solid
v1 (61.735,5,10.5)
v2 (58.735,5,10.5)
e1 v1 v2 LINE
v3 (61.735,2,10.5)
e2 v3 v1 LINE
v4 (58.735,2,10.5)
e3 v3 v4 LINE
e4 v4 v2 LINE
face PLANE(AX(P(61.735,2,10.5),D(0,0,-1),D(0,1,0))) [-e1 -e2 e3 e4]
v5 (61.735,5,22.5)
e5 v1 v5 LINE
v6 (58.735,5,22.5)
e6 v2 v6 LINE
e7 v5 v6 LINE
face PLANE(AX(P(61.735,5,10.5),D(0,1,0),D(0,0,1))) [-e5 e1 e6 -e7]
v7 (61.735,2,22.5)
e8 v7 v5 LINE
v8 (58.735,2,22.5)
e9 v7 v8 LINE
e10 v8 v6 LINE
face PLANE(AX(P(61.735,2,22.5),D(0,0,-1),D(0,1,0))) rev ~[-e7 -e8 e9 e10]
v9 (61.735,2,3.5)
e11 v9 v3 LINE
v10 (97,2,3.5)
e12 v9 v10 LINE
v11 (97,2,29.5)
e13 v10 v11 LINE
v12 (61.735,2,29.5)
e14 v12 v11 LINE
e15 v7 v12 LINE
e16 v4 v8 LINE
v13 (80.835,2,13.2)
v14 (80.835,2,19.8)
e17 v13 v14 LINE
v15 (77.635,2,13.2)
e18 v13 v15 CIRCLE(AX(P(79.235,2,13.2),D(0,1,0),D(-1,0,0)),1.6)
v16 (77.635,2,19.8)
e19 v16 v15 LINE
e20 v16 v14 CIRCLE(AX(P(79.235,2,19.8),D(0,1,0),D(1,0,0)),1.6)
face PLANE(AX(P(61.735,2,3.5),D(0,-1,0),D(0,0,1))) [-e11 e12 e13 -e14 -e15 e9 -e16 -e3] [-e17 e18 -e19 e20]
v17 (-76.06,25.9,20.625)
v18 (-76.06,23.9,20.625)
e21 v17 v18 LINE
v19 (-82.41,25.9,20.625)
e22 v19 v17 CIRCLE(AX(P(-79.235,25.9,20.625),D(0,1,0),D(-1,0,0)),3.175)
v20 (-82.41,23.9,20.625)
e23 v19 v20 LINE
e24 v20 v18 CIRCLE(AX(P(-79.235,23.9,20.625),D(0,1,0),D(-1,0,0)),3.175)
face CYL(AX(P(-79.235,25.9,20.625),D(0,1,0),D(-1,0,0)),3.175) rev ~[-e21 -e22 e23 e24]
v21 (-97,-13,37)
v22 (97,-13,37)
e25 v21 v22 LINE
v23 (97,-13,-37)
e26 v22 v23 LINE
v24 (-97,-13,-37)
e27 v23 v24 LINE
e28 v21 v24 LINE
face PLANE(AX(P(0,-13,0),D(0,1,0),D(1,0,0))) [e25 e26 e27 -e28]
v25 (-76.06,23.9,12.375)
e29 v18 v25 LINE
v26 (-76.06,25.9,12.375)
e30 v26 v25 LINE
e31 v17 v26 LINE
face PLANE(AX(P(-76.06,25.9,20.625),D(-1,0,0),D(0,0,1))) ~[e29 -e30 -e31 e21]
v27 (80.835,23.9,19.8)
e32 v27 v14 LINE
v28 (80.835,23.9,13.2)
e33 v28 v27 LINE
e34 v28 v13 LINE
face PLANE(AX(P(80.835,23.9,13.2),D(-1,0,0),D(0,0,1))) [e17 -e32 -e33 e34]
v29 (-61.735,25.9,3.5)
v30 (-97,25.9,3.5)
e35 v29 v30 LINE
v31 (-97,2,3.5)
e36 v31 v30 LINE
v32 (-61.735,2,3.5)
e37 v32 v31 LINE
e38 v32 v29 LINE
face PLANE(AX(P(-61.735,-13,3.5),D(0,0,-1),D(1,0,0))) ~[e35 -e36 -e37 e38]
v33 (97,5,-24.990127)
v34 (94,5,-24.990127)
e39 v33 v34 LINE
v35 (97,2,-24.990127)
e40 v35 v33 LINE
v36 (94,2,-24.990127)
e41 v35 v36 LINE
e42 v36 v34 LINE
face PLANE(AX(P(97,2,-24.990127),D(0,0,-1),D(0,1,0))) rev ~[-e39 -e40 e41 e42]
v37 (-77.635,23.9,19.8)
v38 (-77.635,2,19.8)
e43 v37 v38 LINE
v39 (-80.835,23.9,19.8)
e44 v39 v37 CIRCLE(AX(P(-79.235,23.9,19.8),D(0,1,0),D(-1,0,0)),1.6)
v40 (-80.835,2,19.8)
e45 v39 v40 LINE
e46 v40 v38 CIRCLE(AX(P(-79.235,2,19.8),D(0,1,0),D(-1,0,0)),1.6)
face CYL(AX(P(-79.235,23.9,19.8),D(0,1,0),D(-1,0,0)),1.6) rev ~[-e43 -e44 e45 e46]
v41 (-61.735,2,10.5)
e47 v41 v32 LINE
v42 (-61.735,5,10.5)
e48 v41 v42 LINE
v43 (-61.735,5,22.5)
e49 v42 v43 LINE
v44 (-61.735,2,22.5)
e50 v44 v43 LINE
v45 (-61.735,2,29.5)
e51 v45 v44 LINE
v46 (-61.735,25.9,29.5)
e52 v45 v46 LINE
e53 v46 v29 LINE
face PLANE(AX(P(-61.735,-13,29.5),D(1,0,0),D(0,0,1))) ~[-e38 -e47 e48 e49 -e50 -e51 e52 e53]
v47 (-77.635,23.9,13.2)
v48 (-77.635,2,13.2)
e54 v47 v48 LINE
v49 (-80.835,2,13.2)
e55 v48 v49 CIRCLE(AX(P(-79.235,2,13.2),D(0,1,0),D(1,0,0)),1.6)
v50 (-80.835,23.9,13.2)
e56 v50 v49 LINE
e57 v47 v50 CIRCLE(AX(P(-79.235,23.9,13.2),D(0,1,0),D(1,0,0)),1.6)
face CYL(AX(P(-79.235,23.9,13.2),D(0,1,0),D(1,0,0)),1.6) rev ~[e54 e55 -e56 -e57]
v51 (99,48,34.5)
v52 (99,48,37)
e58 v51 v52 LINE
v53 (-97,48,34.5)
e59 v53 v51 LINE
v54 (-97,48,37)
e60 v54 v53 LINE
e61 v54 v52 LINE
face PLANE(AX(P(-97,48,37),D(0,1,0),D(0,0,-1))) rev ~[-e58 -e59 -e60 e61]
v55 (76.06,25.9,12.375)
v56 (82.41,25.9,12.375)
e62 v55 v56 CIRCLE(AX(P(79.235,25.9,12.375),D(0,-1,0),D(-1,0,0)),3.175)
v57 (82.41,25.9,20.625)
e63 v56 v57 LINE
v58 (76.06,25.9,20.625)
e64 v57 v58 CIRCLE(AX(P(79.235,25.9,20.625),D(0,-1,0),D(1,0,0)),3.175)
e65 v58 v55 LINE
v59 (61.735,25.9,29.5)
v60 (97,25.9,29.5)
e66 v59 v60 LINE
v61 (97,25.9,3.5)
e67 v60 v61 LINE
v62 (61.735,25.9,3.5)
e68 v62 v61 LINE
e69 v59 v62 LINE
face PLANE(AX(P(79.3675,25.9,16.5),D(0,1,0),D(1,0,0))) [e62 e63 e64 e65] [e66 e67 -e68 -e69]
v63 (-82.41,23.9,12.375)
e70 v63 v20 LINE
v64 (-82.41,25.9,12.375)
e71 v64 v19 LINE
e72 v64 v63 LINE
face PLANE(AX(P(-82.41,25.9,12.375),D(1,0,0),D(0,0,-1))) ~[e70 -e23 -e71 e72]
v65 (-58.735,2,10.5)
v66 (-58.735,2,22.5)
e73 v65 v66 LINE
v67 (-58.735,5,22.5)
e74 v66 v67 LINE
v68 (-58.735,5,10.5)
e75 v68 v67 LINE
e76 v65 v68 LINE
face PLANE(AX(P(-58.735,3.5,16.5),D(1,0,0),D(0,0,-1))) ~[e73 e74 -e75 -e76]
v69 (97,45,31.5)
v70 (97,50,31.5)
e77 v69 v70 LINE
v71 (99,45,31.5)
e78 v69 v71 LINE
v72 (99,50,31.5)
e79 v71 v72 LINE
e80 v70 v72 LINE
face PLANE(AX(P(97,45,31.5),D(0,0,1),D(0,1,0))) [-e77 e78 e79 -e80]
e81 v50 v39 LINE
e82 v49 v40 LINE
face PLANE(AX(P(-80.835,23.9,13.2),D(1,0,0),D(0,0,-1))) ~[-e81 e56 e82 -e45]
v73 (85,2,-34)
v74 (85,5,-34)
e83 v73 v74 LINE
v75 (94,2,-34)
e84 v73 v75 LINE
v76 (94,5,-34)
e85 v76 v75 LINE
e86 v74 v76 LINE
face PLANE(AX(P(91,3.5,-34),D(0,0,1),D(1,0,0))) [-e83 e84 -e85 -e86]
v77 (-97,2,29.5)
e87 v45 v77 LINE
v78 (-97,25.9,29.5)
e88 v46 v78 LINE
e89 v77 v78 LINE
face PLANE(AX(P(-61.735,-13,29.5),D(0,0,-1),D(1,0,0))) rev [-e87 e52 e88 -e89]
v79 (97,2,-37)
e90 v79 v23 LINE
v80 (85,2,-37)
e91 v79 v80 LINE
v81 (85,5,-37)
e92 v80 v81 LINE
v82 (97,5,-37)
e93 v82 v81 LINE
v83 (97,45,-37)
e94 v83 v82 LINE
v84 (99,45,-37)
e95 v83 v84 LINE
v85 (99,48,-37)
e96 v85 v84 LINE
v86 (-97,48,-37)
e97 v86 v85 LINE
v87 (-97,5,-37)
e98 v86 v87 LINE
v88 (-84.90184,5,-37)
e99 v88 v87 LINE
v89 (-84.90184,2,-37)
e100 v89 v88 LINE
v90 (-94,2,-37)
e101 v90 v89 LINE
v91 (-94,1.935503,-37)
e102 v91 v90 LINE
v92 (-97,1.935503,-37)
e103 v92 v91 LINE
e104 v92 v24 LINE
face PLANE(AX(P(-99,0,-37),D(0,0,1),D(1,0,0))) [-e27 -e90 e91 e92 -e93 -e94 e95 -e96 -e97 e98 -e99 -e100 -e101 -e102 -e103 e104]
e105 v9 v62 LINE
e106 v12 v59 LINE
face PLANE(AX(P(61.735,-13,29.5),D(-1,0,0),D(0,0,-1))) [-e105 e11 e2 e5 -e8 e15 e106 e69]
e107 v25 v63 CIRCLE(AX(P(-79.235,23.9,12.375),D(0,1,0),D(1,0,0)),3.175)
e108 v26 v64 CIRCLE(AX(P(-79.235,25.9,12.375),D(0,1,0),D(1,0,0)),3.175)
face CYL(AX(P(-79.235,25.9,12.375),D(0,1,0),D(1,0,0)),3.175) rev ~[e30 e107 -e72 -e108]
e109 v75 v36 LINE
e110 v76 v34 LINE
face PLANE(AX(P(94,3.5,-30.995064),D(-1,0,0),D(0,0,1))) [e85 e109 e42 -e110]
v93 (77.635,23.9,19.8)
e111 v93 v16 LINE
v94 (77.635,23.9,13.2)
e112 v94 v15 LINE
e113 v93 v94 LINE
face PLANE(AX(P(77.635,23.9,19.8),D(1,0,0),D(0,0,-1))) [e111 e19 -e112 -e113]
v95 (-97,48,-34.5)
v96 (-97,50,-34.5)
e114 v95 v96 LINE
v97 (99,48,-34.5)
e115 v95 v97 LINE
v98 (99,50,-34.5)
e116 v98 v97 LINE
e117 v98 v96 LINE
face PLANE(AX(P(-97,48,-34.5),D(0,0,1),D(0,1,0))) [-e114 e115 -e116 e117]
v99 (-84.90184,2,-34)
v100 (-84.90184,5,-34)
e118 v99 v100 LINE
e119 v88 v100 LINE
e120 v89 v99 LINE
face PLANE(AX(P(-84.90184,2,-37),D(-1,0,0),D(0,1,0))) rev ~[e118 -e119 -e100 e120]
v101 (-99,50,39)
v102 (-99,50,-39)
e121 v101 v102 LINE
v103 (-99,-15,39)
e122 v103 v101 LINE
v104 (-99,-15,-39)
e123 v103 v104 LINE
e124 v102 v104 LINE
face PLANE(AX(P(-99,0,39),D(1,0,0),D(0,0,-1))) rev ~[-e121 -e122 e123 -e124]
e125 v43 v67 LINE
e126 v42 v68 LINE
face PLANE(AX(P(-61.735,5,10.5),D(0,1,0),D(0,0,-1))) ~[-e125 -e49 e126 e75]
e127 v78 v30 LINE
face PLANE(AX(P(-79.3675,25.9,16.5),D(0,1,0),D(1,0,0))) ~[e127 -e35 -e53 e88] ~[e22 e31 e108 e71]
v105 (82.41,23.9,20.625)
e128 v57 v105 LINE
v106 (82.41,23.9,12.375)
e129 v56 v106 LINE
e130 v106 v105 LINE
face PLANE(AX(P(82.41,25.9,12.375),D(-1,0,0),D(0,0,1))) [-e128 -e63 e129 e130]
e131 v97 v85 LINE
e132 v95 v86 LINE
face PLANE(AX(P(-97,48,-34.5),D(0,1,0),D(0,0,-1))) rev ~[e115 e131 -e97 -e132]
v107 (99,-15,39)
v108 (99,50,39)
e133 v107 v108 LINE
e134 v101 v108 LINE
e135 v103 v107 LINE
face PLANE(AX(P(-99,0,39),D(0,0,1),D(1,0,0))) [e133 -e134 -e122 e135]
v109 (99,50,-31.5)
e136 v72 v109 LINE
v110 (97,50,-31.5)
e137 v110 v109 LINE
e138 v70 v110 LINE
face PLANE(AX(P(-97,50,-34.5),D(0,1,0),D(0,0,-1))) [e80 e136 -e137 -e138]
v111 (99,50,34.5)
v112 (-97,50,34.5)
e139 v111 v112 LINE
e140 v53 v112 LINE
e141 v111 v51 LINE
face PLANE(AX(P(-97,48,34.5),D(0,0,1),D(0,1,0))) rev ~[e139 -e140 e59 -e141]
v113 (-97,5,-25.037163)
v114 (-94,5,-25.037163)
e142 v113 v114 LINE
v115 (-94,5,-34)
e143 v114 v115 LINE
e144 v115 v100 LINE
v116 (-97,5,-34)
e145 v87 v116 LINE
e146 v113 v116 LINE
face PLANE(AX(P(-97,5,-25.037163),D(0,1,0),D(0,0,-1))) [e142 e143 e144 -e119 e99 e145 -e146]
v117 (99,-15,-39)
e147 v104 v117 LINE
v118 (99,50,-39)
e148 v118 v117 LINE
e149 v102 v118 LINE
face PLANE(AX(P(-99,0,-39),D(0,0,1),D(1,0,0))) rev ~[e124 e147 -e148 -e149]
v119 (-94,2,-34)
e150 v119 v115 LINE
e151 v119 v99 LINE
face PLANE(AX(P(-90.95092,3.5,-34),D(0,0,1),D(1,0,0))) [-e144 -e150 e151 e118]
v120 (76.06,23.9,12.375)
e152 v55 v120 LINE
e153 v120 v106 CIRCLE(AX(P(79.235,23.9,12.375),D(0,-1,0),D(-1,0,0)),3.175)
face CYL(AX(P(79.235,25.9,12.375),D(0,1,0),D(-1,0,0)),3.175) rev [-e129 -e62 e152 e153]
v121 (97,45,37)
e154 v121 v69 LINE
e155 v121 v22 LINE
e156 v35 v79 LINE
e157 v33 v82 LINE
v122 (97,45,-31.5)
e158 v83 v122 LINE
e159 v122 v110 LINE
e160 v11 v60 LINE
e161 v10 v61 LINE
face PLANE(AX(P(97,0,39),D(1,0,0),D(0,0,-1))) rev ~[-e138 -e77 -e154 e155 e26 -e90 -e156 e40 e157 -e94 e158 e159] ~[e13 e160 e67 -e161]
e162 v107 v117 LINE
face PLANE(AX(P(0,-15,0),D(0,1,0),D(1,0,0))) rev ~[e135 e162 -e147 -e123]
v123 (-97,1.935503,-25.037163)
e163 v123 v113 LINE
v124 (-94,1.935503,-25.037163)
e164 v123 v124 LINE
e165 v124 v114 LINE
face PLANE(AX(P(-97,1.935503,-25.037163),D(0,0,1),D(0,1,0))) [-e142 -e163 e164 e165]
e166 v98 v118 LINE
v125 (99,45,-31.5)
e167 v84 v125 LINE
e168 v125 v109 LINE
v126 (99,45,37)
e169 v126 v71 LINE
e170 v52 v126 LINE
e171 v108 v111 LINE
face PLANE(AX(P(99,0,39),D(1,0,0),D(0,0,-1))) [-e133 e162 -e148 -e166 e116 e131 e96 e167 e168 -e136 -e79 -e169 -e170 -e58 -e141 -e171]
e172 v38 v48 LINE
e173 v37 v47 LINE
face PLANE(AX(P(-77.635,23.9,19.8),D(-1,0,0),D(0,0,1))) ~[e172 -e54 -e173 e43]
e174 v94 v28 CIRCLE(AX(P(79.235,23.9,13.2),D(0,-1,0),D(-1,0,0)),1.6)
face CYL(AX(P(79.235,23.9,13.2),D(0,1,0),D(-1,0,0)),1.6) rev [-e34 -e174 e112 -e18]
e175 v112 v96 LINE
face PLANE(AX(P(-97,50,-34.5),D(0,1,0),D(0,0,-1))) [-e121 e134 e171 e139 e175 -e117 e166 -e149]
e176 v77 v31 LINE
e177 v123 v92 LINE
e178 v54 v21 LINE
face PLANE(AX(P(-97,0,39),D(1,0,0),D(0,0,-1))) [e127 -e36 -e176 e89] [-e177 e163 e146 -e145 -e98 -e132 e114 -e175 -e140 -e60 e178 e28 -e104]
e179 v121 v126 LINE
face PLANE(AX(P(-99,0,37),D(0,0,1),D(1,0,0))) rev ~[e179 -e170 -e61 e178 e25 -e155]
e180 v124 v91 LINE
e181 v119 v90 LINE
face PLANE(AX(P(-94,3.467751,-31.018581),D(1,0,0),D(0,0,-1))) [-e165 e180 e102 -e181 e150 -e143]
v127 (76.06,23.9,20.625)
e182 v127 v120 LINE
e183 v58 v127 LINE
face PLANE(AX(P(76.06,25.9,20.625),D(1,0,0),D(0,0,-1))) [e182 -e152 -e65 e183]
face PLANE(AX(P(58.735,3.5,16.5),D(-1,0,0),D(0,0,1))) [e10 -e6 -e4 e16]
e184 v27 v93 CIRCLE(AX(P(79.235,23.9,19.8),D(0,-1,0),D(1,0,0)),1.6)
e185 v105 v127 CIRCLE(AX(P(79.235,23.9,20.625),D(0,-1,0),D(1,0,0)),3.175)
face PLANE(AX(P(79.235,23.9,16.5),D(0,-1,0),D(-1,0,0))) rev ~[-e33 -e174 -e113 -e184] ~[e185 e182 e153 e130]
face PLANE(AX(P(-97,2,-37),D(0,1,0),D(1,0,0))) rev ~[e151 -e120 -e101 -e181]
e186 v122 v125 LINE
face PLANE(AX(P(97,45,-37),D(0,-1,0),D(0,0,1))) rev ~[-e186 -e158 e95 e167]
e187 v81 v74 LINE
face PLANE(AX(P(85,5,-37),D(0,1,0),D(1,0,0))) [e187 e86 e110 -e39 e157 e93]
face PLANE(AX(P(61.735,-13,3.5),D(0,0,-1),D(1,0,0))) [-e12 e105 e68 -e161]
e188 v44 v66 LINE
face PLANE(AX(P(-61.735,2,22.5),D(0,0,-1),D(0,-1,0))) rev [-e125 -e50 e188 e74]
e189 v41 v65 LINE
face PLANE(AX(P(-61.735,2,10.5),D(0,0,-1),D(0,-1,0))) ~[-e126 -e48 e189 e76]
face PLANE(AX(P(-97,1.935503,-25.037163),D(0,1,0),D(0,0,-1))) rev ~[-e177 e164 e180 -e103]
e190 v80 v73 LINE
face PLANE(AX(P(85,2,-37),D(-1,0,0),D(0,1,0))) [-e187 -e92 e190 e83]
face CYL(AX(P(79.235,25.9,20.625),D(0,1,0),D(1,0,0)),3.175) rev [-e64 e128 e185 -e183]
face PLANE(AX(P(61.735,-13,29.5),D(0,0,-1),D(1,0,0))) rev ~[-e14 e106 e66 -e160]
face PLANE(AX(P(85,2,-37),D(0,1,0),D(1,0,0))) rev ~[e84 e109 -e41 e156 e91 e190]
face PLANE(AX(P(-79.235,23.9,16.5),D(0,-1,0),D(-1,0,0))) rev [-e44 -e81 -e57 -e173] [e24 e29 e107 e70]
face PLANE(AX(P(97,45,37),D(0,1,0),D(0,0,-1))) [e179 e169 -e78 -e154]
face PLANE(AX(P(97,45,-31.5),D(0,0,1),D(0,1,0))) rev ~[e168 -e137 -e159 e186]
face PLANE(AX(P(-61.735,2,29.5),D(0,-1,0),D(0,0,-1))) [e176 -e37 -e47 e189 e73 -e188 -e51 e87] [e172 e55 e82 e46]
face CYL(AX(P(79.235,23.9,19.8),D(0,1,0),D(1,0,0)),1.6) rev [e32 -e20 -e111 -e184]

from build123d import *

# Parameters (mm, degrees)
SKETCH2_W                = 198
SKETCH2_H                = 78
BOSS_EXTRUDE1_DEPTH      = 50
BOSS_EXTRUDE1_DEPTH_BACK = 15
SHELL1_T                 = -2
BOSS_EXTRUDE2_REACH      = 198
SKETCH3_W                = 2.5
SKETCH3_H                = 2
CUT_EXTRUDE1_REACH       = 4
CROQUIS1_W               = 35.265
CROQUIS1_H               = 26
SALIENTE_EXTRUIR1_DEPTH  = 38.9
CORTAR_EXTRUIR1_DEPTH    = 2
CORTAR_EXTRUIR2_DEPTH    = 30
CROQUIS5_W               = 26
CROQUIS5_H               = 15
CORTAR_EXTRUIR3_DEPTH    = 35.265
CROQUIS6_W               = 12
CROQUIS6_H               = 3
SALIENTE_EXTRUIR2_DEPTH  = 3
CROQUIS7_W               = 26
CROQUIS7_H               = 15
CORTAR_EXTRUIR4_DEPTH    = 35.265
CROQUIS8_W               = 12
CROQUIS8_H               = 3
SALIENTE_EXTRUIR4_DEPTH  = 3
CROQUIS10_W              = 12.009872988
CROQUIS10_H              = 3
SALIENTE_EXTRUIR5_DEPTH  = 3
CROQUIS11_W              = 12.098159715
CROQUIS11_H              = 3
SALIENTE_EXTRUIR6_DEPTH  = 3
CROQUIS12_W              = 11.962837464
CROQUIS12_H              = 3.064497362
SALIENTE_EXTRUIR7_DEPTH  = 3


with BuildPart() as part:
    # Sketch2 → Boss-Extrude1 (new body, two sides)
    with BuildSketch(Plane(origin=(0, 0, 0), x_dir=(1, 0, 0), z_dir=(0, 1, 0))) as boss_extrude1_sk:
        Rectangle(SKETCH2_W, SKETCH2_H)
    extrude(amount=BOSS_EXTRUDE1_DEPTH)
    extrude(boss_extrude1_sk.sketch, amount=-BOSS_EXTRUDE1_DEPTH_BACK)

    # Shell1
    shell1_openings = [part.faces().sort_by_distance(p)[0] for p in [
        (0, 50, 0),
    ]]
    offset(amount=SHELL1_T, openings=shell1_openings, kind=Kind.INTERSECTION)

    # Sketch3 → Boss-Extrude2 (add, up to next)
    with BuildSketch(Plane(origin=(-97, 0, 0), x_dir=(0, 0, -1), z_dir=(1, 0, 0)), mode=Mode.PRIVATE) as boss_extrude2_sk1:
        with Locations((-35.75, 49)):
            Rectangle(SKETCH3_W, SKETCH3_H)
    boss_extrude2_tool1 = extrude(boss_extrude2_sk1.sketch, amount=BOSS_EXTRUDE2_REACH, mode=Mode.PRIVATE) - part.part
    add(boss_extrude2_tool1.solids().sort_by_distance((-97, 49, 35.75))[0])
    # Sketch3 → Boss-Extrude2 (add, up to next)
    with BuildSketch(Plane(origin=(-97, 0, 0), x_dir=(0, 0, -1), z_dir=(1, 0, 0)), mode=Mode.PRIVATE) as boss_extrude2_sk2:
        with Locations((35.75, 49)):
            Rectangle(SKETCH3_W, SKETCH3_H)
    boss_extrude2_tool2 = extrude(boss_extrude2_sk2.sketch, amount=BOSS_EXTRUDE2_REACH, mode=Mode.PRIVATE) - part.part
    add(boss_extrude2_tool2.solids().sort_by_distance((-97, 49, -35.75))[0])

    # Sketch4 → Cut-Extrude1 (cut, up to next)
    with BuildSketch(Plane.ZY.offset(-97), mode=Mode.PRIVATE) as cut_extrude1_sk1:
        Polygon((-37, 48), (-37, 45), (-31.5, 45), (-31.5, 50), (-34.5, 50), (-34.5, 48), align=None)
    cut_extrude1_tool1 = extrude(cut_extrude1_sk1.sketch, amount=-CUT_EXTRUDE1_REACH, mode=Mode.PRIVATE) & part.part
    add(cut_extrude1_tool1.solids().sort_by_distance((97, 47.166667, -33.916667))[0], mode=Mode.SUBTRACT)
    # Sketch4 → Cut-Extrude1 (cut, up to next)
    with BuildSketch(Plane.ZY.offset(-97), mode=Mode.PRIVATE) as cut_extrude1_sk2:
        Polygon((34.5, 48), (37, 48), (37, 45), (31.5, 45), (31.5, 50), (34.5, 50), align=None)
    cut_extrude1_tool2 = extrude(cut_extrude1_sk2.sketch, amount=-CUT_EXTRUDE1_REACH, mode=Mode.PRIVATE) & part.part
    add(cut_extrude1_tool2.solids().sort_by_distance((97, 47.166667, 33.916667))[0], mode=Mode.SUBTRACT)

    # Croquis1 → Saliente-Extruir1 (add)
    with BuildSketch(Plane(origin=(0, -13, 0), x_dir=(1, 0, 0), z_dir=(0, 1, 0))):
        with Locations((79.3675, -16.5)):
            Rectangle(CROQUIS1_W, CROQUIS1_H)
    saliente_extruir1 = extrude(amount=SALIENTE_EXTRUIR1_DEPTH)

    # Simetría1: Saliente-Extruir1 across plane
    add(saliente_extruir1.mirror(Plane(origin=(0, 0, 0), x_dir=(0, 0, 1), z_dir=(1, 0, 0))))

    # Croquis2 → Cortar-Extruir1 (cut)
    with BuildSketch(Plane(origin=(0, 25.9, 0), x_dir=(1, 0, 0), z_dir=(0, 1, 0))):
        with BuildLine():
            Line((82.41, -12.375), (82.41, -20.625))
            ThreePointArc((82.41, -20.625), (79.235, -23.8), (76.06, -20.625))
            Line((76.06, -20.625), (76.06, -12.375))
            ThreePointArc((76.06, -12.375), (79.235, -9.2), (82.41, -12.375))
        make_face()
    cortar_extruir1 = extrude(amount=-CORTAR_EXTRUIR1_DEPTH, mode=Mode.SUBTRACT)

    # Simetría2: Cortar-Extruir1 across plane
    add(cortar_extruir1.mirror(Plane(origin=(0, 0, 0), x_dir=(0, 0, 1), z_dir=(1, 0, 0))), mode=Mode.SUBTRACT)

    # Croquis3 → Cortar-Extruir2 (cut)
    with BuildSketch(Plane(origin=(0, 23.9, 0), x_dir=(1, 0, 0), z_dir=(0, 1, 0))):
        with BuildLine():
            Line((80.835, -13.2), (80.835, -19.8))
            ThreePointArc((80.835, -19.8), (79.235, -21.4), (77.635, -19.8))
            Line((77.635, -19.8), (77.635, -13.2))
            ThreePointArc((77.635, -13.2), (79.235, -11.6), (80.835, -13.2))
        make_face()
    cortar_extruir2 = extrude(amount=-CORTAR_EXTRUIR2_DEPTH, mode=Mode.SUBTRACT)

    # Simetría3: Cortar-Extruir2 across plane
    add(cortar_extruir2.mirror(Plane(origin=(0, 0, 0), x_dir=(0, 0, 1), z_dir=(1, 0, 0))), mode=Mode.SUBTRACT)

    # Croquis5 → Cortar-Extruir3 (cut)
    with BuildSketch(Plane.ZY.offset(-61.735)):
        with Locations((16.5, -5.5)):
            Rectangle(CROQUIS5_W, CROQUIS5_H)
    extrude(amount=-CORTAR_EXTRUIR3_DEPTH, mode=Mode.SUBTRACT)

    # Croquis6 → Saliente-Extruir2 (add)
    with BuildSketch(Plane.ZY.offset(-61.735)):
        with Locations((16.5, 3.5)):
            Rectangle(CROQUIS6_W, CROQUIS6_H)
    saliente_extruir2 = extrude(amount=SALIENTE_EXTRUIR2_DEPTH)

    # Croquis7 → Cortar-Extruir4 (cut)
    with BuildSketch(Plane(origin=(-61.735, 0, 0), x_dir=(0, 0, -1), z_dir=(1, 0, 0))):
        with Locations((-16.5, -5.5)):
            Rectangle(CROQUIS7_W, CROQUIS7_H)
    extrude(amount=-CORTAR_EXTRUIR4_DEPTH, mode=Mode.SUBTRACT)

    # Simetría7: Saliente-Extruir2 across plane
    add(saliente_extruir2.mirror(Plane(origin=(0, 0, 0), x_dir=(0, 0, 1), z_dir=(1, 0, 0))))

    # Croquis8 → Saliente-Extruir4 (add)
    with BuildSketch(Plane.XY.offset(-37)):
        with Locations((91, 3.5)):
            Rectangle(CROQUIS8_W, CROQUIS8_H)
    extrude(amount=SALIENTE_EXTRUIR4_DEPTH)

    # Croquis10 → Saliente-Extruir5 (add)
    with BuildSketch(Plane.ZY.offset(-97)):
        with Locations((-30.995063506, 3.5)):
            Rectangle(CROQUIS10_W, CROQUIS10_H)
    extrude(amount=SALIENTE_EXTRUIR5_DEPTH)

    # Croquis11 → Saliente-Extruir6 (add)
    with BuildSketch(Plane.XY.offset(-37)):
        with Locations((-90.950920142, 3.5)):
            Rectangle(CROQUIS11_W, CROQUIS11_H)
    extrude(amount=SALIENTE_EXTRUIR6_DEPTH)

    # Croquis12 → Saliente-Extruir7 (add)
    with BuildSketch(Plane(origin=(-97, 0, 0), x_dir=(0, 0, -1), z_dir=(1, 0, 0))):
        with Locations((31.018581268, 3.467751319)):
            Rectangle(CROQUIS12_W, CROQUIS12_H)
    extrude(amount=SALIENTE_EXTRUIR7_DEPTH)


solid = part.part
